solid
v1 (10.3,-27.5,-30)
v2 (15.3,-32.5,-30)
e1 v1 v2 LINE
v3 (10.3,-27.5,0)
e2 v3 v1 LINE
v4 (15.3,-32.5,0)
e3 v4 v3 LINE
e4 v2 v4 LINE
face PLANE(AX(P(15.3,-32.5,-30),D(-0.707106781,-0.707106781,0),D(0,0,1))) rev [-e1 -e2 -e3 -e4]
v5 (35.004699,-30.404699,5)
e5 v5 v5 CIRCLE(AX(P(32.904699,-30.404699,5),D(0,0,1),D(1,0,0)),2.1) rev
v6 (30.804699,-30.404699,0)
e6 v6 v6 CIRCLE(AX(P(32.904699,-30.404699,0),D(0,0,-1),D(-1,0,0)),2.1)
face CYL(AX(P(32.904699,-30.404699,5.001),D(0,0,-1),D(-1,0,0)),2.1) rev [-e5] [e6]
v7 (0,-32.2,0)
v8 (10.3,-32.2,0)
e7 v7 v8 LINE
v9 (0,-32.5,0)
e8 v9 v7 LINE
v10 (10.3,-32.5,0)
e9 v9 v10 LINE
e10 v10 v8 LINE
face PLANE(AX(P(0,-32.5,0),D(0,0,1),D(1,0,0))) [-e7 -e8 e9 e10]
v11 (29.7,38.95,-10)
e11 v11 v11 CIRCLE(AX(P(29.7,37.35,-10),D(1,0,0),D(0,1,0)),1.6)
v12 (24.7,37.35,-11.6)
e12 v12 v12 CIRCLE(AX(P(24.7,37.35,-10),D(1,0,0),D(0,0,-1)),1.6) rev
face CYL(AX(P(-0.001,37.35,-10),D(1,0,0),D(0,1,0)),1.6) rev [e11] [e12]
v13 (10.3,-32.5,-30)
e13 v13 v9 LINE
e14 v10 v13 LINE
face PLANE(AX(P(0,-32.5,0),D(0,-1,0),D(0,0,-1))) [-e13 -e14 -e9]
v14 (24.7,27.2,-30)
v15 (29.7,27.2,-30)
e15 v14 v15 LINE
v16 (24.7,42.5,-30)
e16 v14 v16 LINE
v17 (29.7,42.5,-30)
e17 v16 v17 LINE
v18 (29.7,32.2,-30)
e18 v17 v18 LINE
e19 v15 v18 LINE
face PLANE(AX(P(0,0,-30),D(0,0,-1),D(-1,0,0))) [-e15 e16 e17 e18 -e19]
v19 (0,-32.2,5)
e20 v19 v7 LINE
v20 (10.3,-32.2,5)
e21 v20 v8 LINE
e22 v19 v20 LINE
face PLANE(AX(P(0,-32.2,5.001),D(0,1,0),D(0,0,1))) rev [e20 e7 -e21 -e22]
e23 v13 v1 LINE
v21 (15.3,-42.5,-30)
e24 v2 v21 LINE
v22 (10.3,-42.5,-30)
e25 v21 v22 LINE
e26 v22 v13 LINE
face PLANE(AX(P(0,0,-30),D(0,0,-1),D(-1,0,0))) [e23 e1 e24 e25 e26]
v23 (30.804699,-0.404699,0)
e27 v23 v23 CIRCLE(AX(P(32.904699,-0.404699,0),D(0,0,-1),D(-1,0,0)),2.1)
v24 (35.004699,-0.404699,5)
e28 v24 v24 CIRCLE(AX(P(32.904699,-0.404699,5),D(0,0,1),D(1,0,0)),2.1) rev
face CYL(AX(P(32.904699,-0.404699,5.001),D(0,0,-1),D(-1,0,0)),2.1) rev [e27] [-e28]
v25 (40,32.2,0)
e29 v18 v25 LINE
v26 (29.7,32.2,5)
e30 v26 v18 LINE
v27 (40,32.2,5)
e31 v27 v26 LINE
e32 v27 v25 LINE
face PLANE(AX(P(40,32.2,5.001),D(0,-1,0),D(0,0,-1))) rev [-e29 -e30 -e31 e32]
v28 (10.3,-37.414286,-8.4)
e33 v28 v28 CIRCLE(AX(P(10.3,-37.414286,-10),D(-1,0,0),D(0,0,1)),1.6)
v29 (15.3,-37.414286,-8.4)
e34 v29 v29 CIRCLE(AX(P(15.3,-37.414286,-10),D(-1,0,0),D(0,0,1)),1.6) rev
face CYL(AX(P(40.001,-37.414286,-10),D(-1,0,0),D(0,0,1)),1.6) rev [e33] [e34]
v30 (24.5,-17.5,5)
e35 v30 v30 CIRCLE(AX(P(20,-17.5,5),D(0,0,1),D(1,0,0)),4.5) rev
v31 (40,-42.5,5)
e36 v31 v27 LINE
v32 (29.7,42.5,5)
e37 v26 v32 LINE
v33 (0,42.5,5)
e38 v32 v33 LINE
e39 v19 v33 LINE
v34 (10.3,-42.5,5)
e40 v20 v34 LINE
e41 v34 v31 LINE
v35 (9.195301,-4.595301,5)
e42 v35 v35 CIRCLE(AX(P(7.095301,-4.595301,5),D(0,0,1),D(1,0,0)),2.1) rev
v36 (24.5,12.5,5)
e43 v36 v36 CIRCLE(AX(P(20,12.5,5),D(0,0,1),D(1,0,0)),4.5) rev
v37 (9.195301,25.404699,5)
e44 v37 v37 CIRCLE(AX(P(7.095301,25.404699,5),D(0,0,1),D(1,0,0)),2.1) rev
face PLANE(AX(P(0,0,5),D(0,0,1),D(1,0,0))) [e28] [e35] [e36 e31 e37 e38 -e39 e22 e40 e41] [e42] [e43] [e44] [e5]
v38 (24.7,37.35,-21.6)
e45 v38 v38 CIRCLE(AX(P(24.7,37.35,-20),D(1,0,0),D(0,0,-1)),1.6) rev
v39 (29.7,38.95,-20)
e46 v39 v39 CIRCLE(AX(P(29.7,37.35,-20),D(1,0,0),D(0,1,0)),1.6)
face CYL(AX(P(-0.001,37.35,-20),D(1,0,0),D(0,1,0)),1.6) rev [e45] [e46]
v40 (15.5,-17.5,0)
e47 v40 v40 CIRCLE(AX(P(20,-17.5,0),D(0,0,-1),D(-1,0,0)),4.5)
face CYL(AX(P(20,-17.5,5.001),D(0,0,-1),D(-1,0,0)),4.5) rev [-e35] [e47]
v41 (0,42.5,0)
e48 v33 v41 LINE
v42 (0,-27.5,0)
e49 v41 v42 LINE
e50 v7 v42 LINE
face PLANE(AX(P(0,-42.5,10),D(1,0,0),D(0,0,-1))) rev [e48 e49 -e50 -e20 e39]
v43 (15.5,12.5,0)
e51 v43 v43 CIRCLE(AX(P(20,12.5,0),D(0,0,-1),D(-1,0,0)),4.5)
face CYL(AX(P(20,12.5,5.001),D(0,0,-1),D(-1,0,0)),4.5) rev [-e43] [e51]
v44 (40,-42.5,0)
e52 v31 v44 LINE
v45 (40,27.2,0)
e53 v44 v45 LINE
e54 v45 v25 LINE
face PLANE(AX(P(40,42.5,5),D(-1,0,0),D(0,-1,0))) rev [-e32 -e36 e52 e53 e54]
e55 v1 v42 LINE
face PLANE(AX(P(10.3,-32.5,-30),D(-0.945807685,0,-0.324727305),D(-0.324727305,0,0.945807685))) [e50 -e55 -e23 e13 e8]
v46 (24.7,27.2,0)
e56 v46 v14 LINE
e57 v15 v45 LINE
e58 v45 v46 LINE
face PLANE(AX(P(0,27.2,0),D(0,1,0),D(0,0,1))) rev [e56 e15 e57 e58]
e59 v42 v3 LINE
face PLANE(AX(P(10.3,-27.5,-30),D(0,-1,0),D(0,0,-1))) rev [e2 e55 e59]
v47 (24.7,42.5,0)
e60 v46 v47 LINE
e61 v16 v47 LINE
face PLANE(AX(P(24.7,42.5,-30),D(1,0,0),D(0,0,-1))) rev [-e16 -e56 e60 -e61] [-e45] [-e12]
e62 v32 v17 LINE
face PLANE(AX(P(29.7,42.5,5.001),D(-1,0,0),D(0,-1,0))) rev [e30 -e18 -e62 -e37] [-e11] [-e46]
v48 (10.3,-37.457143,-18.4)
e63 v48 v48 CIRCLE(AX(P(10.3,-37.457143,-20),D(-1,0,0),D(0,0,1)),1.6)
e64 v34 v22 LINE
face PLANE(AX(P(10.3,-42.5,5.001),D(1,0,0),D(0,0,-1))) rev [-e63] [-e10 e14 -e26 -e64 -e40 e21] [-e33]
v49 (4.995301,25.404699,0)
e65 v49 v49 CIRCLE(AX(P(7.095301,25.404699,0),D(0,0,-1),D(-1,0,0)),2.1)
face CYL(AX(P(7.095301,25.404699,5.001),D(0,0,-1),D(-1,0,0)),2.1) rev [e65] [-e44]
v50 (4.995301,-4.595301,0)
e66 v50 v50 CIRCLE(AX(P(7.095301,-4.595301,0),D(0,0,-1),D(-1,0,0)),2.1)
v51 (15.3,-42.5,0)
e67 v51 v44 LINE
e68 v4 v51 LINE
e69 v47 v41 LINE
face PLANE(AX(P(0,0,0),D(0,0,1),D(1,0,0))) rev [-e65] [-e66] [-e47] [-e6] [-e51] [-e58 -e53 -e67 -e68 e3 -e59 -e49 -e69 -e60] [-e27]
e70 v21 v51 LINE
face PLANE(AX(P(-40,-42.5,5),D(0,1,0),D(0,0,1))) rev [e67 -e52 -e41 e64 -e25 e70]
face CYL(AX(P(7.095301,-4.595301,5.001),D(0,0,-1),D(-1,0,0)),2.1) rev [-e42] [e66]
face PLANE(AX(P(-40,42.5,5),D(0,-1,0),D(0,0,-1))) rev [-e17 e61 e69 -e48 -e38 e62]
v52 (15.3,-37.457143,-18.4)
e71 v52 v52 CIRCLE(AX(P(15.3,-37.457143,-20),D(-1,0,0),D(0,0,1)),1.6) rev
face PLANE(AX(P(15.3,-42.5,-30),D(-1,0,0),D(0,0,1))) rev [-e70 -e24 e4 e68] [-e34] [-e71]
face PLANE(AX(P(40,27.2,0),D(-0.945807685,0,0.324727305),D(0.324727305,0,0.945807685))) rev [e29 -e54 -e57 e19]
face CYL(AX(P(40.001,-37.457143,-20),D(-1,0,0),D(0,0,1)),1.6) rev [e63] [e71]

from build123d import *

# Parameters (mm, degrees)
SKETCH1_W           = 80
SKETCH1_H           = 85
BOSS_EXTRUDE1_DEPTH = 5
CUT_EXTRUDE1_REACH  = 60.577
SKETCH2_R           = 4.5
SKETCH2_R_2         = 2.1
CUT_EXTRUDE2_REACH  = 60.577
SKETCH3_W           = 10.3
SKETCH3_H           = 10.3
SKETCH3_W_2         = 10
SKETCH3_H_2         = 10
SKETCH4_W           = 40
SKETCH4_H           = 85
CUT_EXTRUDE4_DEPTH  = 10
SKETCH5_W           = 5
SKETCH5_H           = 10.3
BOSS_EXTRUDE2_DEPTH = 30
BOSS_EXTRUDE3_DEPTH = 5
CUT_EXTRUDE5_REACH  = 67.622
SKETCH7_W           = 10.3
SKETCH7_H           = 10.3
SKETCH8_W           = 5
SKETCH8_H           = 15
BOSS_EXTRUDE4_DEPTH = 30
BOSS_EXTRUDE5_DEPTH = 5
CHAMFER1_SIZE       = 5
CUT_EXTRUDE6_REACH  = 61.903
SKETCH10_R          = 1.6
CUT_EXTRUDE7_REACH  = 61.903
SKETCH12_R          = 1.6


with BuildPart() as part:
    # Sketch1 → Boss-Extrude1 (new body)
    with BuildSketch(Plane.XY):
        Rectangle(SKETCH1_W, SKETCH1_H)
    extrude(amount=BOSS_EXTRUDE1_DEPTH)

    # Sketch2 → Cut-Extrude1 (cut, up to next)
    with BuildSketch(Plane(origin=(0, 0, 0), x_dir=(-1, 0, 0), z_dir=(0, 0, -1)), mode=Mode.PRIVATE) as cut_extrude1_sk1:
        with Locations((-20, 12.5)):
            Circle(SKETCH2_R)
    cut_extrude1_tool1 = extrude(cut_extrude1_sk1.sketch, amount=-CUT_EXTRUDE1_REACH, mode=Mode.PRIVATE) & part.part
    # Sketch2 → Cut-Extrude1 (cut, up to next)
    with BuildSketch(Plane(origin=(0, 0, 0), x_dir=(-1, 0, 0), z_dir=(0, 0, -1)), mode=Mode.PRIVATE) as cut_extrude1_sk2:
        with Locations((-7.095301243, 25.404698757)):
            Circle(SKETCH2_R_2)
    cut_extrude1_tool2 = extrude(cut_extrude1_sk2.sketch, amount=-CUT_EXTRUDE1_REACH, mode=Mode.PRIVATE) & part.part
    # Sketch2 → Cut-Extrude1 (cut, up to next)
    with BuildSketch(Plane(origin=(0, 0, 0), x_dir=(-1, 0, 0), z_dir=(0, 0, -1)), mode=Mode.PRIVATE) as cut_extrude1_sk3:
        with Locations((-32.904698757, -0.404698757)):
            Circle(SKETCH2_R_2)
    cut_extrude1_tool3 = extrude(cut_extrude1_sk3.sketch, amount=-CUT_EXTRUDE1_REACH, mode=Mode.PRIVATE) & part.part
    # Sketch2 → Cut-Extrude1 (cut, up to next)
    with BuildSketch(Plane(origin=(0, 0, 0), x_dir=(-1, 0, 0), z_dir=(0, 0, -1)), mode=Mode.PRIVATE) as cut_extrude1_sk4:
        with Locations((-20, -17.5)):
            Circle(SKETCH2_R)
    cut_extrude1_tool4 = extrude(cut_extrude1_sk4.sketch, amount=-CUT_EXTRUDE1_REACH, mode=Mode.PRIVATE) & part.part
    # Sketch2 → Cut-Extrude1 (cut, up to next)
    with BuildSketch(Plane(origin=(0, 0, 0), x_dir=(-1, 0, 0), z_dir=(0, 0, -1)), mode=Mode.PRIVATE) as cut_extrude1_sk5:
        with Locations((-7.095301243, -4.595301243)):
            Circle(SKETCH2_R_2)
    cut_extrude1_tool5 = extrude(cut_extrude1_sk5.sketch, amount=-CUT_EXTRUDE1_REACH, mode=Mode.PRIVATE) & part.part
    # Sketch2 → Cut-Extrude1 (cut, up to next)
    with BuildSketch(Plane(origin=(0, 0, 0), x_dir=(-1, 0, 0), z_dir=(0, 0, -1)), mode=Mode.PRIVATE) as cut_extrude1_sk6:
        with Locations((-32.904698757, -30.404698757)):
            Circle(SKETCH2_R_2)
    cut_extrude1_tool6 = extrude(cut_extrude1_sk6.sketch, amount=-CUT_EXTRUDE1_REACH, mode=Mode.PRIVATE) & part.part
    add(cut_extrude1_tool1.solids().sort_by_distance((20, 12.5, 0))[0], mode=Mode.SUBTRACT)
    add(cut_extrude1_tool2.solids().sort_by_distance((7.095301, 25.404699, 0))[0], mode=Mode.SUBTRACT)
    add(cut_extrude1_tool3.solids().sort_by_distance((32.904699, -0.404699, 0))[0], mode=Mode.SUBTRACT)
    add(cut_extrude1_tool4.solids().sort_by_distance((20, -17.5, 0))[0], mode=Mode.SUBTRACT)
    add(cut_extrude1_tool5.solids().sort_by_distance((7.095301, -4.595301, 0))[0], mode=Mode.SUBTRACT)
    add(cut_extrude1_tool6.solids().sort_by_distance((32.904699, -30.404699, 0))[0], mode=Mode.SUBTRACT)

    # Sketch3 → Cut-Extrude2 (cut, up to next)
    with BuildSketch(Plane(origin=(0, 0, 0), x_dir=(-1, 0, 0), z_dir=(0, 0, -1)), mode=Mode.PRIVATE) as cut_extrude2_sk1:
        with Locations((-34.85, 37.35)):
            Rectangle(SKETCH3_W, SKETCH3_H)
    cut_extrude2_tool1 = extrude(cut_extrude2_sk1.sketch, amount=-CUT_EXTRUDE2_REACH, mode=Mode.PRIVATE) & part.part
    # Sketch3 → Cut-Extrude2 (cut, up to next)
    with BuildSketch(Plane(origin=(0, 0, 0), x_dir=(-1, 0, 0), z_dir=(0, 0, -1)), mode=Mode.PRIVATE) as cut_extrude2_sk2:
        with Locations((35, 37.5)):
            Rectangle(SKETCH3_W_2, SKETCH3_H_2)
    cut_extrude2_tool2 = extrude(cut_extrude2_sk2.sketch, amount=-CUT_EXTRUDE2_REACH, mode=Mode.PRIVATE) & part.part
    add(cut_extrude2_tool1.solids().sort_by_distance((34.85, 37.35, 0))[0], mode=Mode.SUBTRACT)
    add(cut_extrude2_tool2.solids().sort_by_distance((-35, 37.5, 0))[0], mode=Mode.SUBTRACT)

    # Sketch4 → Cut-Extrude4 (cut)
    with BuildSketch(Plane(origin=(0, 0, 0), x_dir=(-1, 0, 0), z_dir=(0, 0, -1))):
        with Locations((20, 0)):
            Rectangle(SKETCH4_W, SKETCH4_H)
    extrude(amount=-CUT_EXTRUDE4_DEPTH, mode=Mode.SUBTRACT)

    # Sketch5 → Boss-Extrude2 (add)
    with BuildSketch(Plane(origin=(0, 0, 0), x_dir=(-1, 0, 0), z_dir=(0, 0, -1))):
        with Locations((-27.2, 37.35)):
            Rectangle(SKETCH5_W, SKETCH5_H)
    extrude(amount=BOSS_EXTRUDE2_DEPTH)

    # Sketch6 → Boss-Extrude3 (add)
    with BuildSketch(Plane.XZ.offset(-32.2)):
        Polygon((40, 0), (29.7, -30), (24.7, -30), (24.7, 5), (40, 5), align=None)
    extrude(amount=BOSS_EXTRUDE3_DEPTH)

    # Sketch7 → Cut-Extrude5 (cut, up to next)
    with BuildSketch(Plane(origin=(0, 0, 0), x_dir=(-1, 0, 0), z_dir=(0, 0, -1)), mode=Mode.PRIVATE) as cut_extrude5_sk1:
        with Locations((-5.15, -37.35)):
            Rectangle(SKETCH7_W, SKETCH7_H)
    cut_extrude5_tool1 = extrude(cut_extrude5_sk1.sketch, amount=-CUT_EXTRUDE5_REACH, mode=Mode.PRIVATE) & part.part
    add(cut_extrude5_tool1.solids().sort_by_distance((5.15, -37.35, 0))[0], mode=Mode.SUBTRACT)

    # Sketch8 → Boss-Extrude4 (add)
    with BuildSketch(Plane(origin=(0, 0, 0), x_dir=(-1, 0, 0), z_dir=(0, 0, -1))):
        with Locations((-12.8, -35)):
            Rectangle(SKETCH8_W, SKETCH8_H)
    extrude(amount=BOSS_EXTRUDE4_DEPTH)

    # Sketch9 → Boss-Extrude5 (add)
    with BuildSketch(Plane(origin=(0, -27.5, 0), x_dir=(1, 0, 0), z_dir=(0, 1, 0))):
        Polygon((10.3, 30), (0, 0), (10.3, 0), align=None)
    extrude(amount=-BOSS_EXTRUDE5_DEPTH)

    # Chamfer1
    chamfer1_edges = [part.edges().sort_by_distance(p)[0] for p in [
        (15.3, -27.5, -15),
    ]]
    chamfer(chamfer1_edges, length=CHAMFER1_SIZE)

    # Sketch10 → Cut-Extrude6 (cut, up to next)
    with BuildSketch(Plane.ZY.offset(-10.3), mode=Mode.PRIVATE) as cut_extrude6_sk1:
        with Locations((-20, -37.457142857)):
            Circle(SKETCH10_R)
    cut_extrude6_tool1 = extrude(cut_extrude6_sk1.sketch, amount=-CUT_EXTRUDE6_REACH, mode=Mode.PRIVATE) & part.part
    # Sketch10 → Cut-Extrude6 (cut, up to next)
    with BuildSketch(Plane.ZY.offset(-10.3), mode=Mode.PRIVATE) as cut_extrude6_sk2:
        with Locations((-10, -37.414285714)):
            Circle(SKETCH10_R)
    cut_extrude6_tool2 = extrude(cut_extrude6_sk2.sketch, amount=-CUT_EXTRUDE6_REACH, mode=Mode.PRIVATE) & part.part
    add(cut_extrude6_tool1.solids().sort_by_distance((10.3, -37.457143, -20))[0], mode=Mode.SUBTRACT)
    add(cut_extrude6_tool2.solids().sort_by_distance((10.3, -37.414286, -10))[0], mode=Mode.SUBTRACT)

    # Sketch12 → Cut-Extrude7 (cut, up to next)
    with BuildSketch(Plane(origin=(29.7, 0, 0), x_dir=(0, 0, -1), z_dir=(1, 0, 0)), mode=Mode.PRIVATE) as cut_extrude7_sk1:
        with Locations(Location((20, 37.35, 0), (0, 0, 90))):
            Circle(SKETCH12_R)
    cut_extrude7_tool1 = extrude(cut_extrude7_sk1.sketch, amount=-CUT_EXTRUDE7_REACH, mode=Mode.PRIVATE) & part.part
    # Sketch12 → Cut-Extrude7 (cut, up to next)
    with BuildSketch(Plane(origin=(29.7, 0, 0), x_dir=(0, 0, -1), z_dir=(1, 0, 0)), mode=Mode.PRIVATE) as cut_extrude7_sk2:
        with Locations(Location((10, 37.35, 0), (0, 0, 90))):
            Circle(SKETCH12_R)
    cut_extrude7_tool2 = extrude(cut_extrude7_sk2.sketch, amount=-CUT_EXTRUDE7_REACH, mode=Mode.PRIVATE) & part.part
    add(cut_extrude7_tool1.solids().sort_by_distance((29.7, 37.35, -20))[0], mode=Mode.SUBTRACT)
    add(cut_extrude7_tool2.solids().sort_by_distance((29.7, 37.35, -10))[0], mode=Mode.SUBTRACT)


solid = part.part
